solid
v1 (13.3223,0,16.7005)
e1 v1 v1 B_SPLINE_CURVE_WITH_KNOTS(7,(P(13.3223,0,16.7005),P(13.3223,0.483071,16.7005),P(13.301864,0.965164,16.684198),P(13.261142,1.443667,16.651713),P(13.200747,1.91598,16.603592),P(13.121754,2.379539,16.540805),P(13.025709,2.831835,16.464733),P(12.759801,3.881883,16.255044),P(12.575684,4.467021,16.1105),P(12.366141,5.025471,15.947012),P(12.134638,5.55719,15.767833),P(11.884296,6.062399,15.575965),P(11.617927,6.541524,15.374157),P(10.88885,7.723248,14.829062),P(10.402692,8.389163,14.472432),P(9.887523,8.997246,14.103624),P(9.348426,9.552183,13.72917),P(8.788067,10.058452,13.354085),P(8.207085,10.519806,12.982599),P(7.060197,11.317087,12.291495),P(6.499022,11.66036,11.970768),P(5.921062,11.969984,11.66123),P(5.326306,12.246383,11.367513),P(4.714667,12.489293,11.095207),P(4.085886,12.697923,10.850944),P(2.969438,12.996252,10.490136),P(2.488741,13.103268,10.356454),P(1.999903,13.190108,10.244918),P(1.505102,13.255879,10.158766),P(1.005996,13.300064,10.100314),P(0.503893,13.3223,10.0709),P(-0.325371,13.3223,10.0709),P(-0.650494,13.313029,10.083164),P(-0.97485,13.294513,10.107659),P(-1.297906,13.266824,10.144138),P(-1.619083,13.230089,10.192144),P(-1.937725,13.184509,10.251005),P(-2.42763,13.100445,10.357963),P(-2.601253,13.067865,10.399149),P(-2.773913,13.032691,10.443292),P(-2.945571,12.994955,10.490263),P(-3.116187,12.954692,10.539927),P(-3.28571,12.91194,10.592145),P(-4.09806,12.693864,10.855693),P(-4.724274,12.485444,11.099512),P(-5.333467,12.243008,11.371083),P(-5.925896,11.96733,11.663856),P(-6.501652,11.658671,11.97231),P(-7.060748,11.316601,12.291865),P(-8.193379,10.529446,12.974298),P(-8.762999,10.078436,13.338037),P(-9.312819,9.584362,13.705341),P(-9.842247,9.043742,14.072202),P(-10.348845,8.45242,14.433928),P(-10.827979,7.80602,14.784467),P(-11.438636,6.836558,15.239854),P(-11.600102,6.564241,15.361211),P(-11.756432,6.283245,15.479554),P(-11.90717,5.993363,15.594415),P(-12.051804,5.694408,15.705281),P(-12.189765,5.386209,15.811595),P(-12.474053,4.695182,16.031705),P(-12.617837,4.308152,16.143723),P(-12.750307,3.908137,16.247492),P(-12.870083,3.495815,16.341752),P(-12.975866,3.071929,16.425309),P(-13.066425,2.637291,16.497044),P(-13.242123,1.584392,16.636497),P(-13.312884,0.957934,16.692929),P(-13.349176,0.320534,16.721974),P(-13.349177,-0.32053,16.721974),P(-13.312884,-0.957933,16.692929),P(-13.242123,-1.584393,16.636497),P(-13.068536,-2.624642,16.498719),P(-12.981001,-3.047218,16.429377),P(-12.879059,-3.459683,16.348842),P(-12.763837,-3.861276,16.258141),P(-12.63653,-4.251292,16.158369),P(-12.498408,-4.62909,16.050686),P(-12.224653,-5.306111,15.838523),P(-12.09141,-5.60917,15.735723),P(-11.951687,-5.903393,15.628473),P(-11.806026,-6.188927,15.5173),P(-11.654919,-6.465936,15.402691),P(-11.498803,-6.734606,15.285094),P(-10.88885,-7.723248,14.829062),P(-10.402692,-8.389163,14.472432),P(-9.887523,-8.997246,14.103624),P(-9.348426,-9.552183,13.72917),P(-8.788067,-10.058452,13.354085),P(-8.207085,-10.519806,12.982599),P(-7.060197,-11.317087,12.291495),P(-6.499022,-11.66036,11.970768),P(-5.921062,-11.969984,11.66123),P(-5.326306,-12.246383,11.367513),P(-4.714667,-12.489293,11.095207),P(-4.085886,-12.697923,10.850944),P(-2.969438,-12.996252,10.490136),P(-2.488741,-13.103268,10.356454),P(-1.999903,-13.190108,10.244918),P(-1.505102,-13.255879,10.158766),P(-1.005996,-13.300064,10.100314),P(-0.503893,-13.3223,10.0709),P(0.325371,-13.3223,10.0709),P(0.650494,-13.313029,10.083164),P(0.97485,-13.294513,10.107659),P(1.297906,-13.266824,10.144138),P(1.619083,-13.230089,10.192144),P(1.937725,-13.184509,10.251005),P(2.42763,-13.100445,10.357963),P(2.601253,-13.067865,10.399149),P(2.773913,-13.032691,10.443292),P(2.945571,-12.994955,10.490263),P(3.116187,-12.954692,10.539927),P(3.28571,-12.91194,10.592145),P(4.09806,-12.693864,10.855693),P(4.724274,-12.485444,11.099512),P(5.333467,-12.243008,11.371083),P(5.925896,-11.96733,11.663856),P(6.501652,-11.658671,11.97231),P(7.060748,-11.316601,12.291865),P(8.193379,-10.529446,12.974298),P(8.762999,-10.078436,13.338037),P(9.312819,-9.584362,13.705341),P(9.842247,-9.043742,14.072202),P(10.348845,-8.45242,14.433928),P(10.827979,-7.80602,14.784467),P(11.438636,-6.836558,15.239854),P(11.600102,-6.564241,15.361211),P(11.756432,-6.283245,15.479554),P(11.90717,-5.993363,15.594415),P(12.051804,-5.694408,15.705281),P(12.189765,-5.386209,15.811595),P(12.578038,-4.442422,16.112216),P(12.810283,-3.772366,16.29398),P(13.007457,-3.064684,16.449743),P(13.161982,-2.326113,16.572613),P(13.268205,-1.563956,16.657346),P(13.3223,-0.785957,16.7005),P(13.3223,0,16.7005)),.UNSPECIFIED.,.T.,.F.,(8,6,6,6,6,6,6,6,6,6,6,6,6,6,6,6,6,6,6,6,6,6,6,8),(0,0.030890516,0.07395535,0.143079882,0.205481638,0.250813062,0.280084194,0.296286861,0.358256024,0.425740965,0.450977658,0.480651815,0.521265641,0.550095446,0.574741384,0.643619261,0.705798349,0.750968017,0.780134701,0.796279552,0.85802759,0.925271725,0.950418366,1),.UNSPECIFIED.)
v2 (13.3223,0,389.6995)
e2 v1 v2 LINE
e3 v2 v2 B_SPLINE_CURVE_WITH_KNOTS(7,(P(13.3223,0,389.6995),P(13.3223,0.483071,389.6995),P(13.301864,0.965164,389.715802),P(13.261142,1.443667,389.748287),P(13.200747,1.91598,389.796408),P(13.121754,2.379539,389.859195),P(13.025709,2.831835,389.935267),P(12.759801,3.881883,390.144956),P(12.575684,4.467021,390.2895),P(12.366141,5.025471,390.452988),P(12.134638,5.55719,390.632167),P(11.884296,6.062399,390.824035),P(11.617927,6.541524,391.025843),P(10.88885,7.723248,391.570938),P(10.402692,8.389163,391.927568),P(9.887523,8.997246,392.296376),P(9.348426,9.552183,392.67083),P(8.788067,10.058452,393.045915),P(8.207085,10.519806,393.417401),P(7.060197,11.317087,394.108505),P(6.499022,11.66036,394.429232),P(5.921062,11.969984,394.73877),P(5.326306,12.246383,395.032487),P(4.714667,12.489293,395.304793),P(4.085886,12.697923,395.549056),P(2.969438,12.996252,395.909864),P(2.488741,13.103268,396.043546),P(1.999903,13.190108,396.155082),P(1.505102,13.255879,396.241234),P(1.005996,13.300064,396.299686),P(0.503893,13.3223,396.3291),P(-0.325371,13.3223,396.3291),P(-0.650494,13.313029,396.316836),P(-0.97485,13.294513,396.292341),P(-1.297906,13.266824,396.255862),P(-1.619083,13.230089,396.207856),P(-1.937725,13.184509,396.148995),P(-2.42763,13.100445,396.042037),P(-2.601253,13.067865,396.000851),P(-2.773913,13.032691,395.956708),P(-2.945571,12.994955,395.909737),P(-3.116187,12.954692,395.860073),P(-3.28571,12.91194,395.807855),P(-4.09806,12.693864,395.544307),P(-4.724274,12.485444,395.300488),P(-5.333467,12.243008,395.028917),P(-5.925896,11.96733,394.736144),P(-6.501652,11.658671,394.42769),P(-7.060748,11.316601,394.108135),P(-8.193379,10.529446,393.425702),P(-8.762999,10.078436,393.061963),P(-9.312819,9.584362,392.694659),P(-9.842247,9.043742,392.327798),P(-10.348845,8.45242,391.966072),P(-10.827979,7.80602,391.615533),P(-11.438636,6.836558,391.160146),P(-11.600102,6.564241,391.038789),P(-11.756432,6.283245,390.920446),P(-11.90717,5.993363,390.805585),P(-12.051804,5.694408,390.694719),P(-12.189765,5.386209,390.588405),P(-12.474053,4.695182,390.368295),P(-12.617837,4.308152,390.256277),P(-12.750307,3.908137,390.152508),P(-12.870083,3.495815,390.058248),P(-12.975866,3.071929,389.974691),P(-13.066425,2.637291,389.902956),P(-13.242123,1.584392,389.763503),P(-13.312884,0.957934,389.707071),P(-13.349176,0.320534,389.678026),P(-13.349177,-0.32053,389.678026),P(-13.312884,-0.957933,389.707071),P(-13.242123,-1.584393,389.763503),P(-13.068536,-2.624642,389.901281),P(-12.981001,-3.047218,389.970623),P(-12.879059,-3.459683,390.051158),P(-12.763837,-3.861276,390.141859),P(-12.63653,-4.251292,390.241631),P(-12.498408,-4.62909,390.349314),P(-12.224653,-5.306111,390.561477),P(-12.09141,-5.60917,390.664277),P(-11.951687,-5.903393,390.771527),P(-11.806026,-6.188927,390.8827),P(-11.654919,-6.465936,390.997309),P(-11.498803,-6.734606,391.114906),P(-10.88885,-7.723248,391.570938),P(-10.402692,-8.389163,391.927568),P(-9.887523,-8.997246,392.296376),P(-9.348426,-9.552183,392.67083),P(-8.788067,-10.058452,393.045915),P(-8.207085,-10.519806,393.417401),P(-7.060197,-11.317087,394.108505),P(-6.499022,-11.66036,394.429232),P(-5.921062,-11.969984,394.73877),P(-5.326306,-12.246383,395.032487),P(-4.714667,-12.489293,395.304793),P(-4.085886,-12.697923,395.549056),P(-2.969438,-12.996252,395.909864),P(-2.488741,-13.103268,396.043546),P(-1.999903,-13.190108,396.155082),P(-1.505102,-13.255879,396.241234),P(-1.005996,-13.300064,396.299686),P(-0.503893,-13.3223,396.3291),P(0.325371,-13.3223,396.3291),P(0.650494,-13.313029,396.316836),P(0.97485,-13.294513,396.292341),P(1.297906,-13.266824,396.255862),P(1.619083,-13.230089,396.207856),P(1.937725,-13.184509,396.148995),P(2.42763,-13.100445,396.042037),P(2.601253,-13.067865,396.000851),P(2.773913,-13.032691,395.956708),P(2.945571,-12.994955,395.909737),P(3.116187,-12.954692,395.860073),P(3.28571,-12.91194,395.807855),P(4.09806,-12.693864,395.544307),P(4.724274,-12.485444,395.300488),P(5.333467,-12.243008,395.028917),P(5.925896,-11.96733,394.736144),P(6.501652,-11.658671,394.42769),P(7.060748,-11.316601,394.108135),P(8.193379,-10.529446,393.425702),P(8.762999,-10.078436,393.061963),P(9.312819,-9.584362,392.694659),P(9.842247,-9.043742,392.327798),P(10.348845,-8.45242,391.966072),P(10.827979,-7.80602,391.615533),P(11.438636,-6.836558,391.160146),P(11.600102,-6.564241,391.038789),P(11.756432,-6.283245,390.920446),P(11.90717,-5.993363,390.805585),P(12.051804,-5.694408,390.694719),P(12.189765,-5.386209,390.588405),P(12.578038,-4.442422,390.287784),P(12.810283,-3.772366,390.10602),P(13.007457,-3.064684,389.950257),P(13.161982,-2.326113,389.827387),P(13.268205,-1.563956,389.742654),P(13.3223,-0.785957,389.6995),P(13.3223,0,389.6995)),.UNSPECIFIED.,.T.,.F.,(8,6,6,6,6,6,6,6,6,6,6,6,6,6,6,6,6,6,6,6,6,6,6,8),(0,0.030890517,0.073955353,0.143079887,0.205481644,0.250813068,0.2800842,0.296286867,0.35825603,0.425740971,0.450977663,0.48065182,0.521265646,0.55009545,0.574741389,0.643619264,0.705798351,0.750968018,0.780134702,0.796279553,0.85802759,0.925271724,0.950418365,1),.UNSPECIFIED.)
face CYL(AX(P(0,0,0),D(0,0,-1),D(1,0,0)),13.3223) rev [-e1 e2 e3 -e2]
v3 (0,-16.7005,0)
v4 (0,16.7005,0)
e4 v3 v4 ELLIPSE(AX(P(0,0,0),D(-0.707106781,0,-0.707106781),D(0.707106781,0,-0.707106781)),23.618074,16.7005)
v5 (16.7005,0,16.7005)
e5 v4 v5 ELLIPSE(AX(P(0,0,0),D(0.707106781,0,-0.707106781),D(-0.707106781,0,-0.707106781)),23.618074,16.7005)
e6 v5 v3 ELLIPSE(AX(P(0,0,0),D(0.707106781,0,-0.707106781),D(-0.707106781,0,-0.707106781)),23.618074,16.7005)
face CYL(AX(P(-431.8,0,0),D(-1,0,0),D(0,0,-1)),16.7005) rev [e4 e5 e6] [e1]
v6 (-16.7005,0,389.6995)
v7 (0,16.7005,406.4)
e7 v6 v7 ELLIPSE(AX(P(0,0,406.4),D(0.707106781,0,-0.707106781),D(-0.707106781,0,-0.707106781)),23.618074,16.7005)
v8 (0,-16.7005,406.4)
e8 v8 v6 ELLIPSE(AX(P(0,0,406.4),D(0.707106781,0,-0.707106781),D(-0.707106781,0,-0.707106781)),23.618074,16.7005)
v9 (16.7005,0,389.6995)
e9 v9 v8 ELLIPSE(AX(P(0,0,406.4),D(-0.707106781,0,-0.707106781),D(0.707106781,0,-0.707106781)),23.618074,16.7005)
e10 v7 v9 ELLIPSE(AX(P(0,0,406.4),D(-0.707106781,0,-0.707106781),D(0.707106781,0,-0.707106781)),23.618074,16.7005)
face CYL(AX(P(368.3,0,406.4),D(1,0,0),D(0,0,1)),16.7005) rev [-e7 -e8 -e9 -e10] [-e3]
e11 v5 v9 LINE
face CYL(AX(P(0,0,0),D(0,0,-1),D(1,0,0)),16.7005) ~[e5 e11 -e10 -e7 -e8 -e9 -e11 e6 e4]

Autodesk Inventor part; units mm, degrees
ref_plane "Start plane" through (0, 0, 0) normal (0, 0, 1) x (1, 0, 0)
ref_plane "End plane" through (0, 0, 406.4) normal (0, 0, 1) x (1, 0, 0)
sketch "Sketch" plane through (0, 0, 0) normal (0, 0, 1) x (1, 0, 0)
  circle A0 centre (0, 0) radius 13.3223
  circle A1 centre (0, 0) radius 16.7005
  dimension "d0" = 33.401
  dimension "d1" = 3.3782
extrude "Body" add sketch "Sketch" along normal up to surface (406.4 mm away) from surface at 0
sketch "Sketch3" plane through (0, 0, 0) normal (0, 0, 1) x (1, 0, 0)
  line L0 (0, 0) -> (10, 0)
ref_plane "Work Plane3" through (0, 0, 0) normal (0, -1, 0) x (1, 0, 0)
sketch "Sketch4" plane through (0, 0, 0) normal (0, -1, 0) x (1, 0, 0)
  line L0 (-2, 0) -> (12, 0)
  line L1 (-2, 406.4) -> (12, 406.4)
  dimension "d7" = 406.4
ref_plane "Work Plane4" through (-431.8, 0, 0) normal (1, 0, 0) x (0, 0, -1)
ref_plane "Work Plane5" through (368.3, 0, 0) normal (1, 0, 0) x (0, 0, -1)
ref_plane "Work Plane6" through (-31.75, 0, 0) normal (1, 0, 0) x (0, 0, -1)
sketch "Sketch5" plane through (-31.75, 0, 0) normal (1, 0, 0) x (0, 0, -1)
  circle A0 centre (0, 0) radius 16.7005
  circle A1 centre (0, 0) radius 13.3223
extrude "Extrusion2" cut sketch "Sketch5" along normal up to surface (800.1 mm away) from surface at -400.05 contours A0 | A1
ref_plane "Work Plane7" through (368.3, 0, 406.4) normal (-1, 0, 0) x (0, 0, 1)
ref_plane "Work Plane8" through (-431.8, 0, 406.4) normal (-1, 0, 0) x (0, 0, 1)
ref_plane "Work Plane9" through (-31.75, 0, 406.4) normal (-1, 0, 0) x (0, 0, 1)
sketch "Sketch6" plane through (-31.75, 0, 406.4) normal (-1, 0, 0) x (0, 0, 1)
  circle A0 centre (0, 0) radius 16.7005
  circle A1 centre (0, 0) radius 13.3223
extrude "Extrusion3" cut sketch "Sketch6" along normal up to surface (800.1 mm away) from surface at -400.05 contours A0 | A1
equation "\"d0\" = G_H"
equation "\"d1\" = G_T"
equation "\"d2\" = G_L"
equation "\"G_H\" = 33.401"
equation "\"G_T\" = 3.3782"
equation "\"G_L\" = d7"
equation "\"G_OFFSET_START\" = 0"
equation "\"G_OFFSET_END\" = 0"
equation "\"d5\" = G_OFFSET_END + B_L"
equation "\"B_L\" = 406.4"
properties part number "ANSI - 1 x 0.133 - 16" material "Aluminum 6061"
